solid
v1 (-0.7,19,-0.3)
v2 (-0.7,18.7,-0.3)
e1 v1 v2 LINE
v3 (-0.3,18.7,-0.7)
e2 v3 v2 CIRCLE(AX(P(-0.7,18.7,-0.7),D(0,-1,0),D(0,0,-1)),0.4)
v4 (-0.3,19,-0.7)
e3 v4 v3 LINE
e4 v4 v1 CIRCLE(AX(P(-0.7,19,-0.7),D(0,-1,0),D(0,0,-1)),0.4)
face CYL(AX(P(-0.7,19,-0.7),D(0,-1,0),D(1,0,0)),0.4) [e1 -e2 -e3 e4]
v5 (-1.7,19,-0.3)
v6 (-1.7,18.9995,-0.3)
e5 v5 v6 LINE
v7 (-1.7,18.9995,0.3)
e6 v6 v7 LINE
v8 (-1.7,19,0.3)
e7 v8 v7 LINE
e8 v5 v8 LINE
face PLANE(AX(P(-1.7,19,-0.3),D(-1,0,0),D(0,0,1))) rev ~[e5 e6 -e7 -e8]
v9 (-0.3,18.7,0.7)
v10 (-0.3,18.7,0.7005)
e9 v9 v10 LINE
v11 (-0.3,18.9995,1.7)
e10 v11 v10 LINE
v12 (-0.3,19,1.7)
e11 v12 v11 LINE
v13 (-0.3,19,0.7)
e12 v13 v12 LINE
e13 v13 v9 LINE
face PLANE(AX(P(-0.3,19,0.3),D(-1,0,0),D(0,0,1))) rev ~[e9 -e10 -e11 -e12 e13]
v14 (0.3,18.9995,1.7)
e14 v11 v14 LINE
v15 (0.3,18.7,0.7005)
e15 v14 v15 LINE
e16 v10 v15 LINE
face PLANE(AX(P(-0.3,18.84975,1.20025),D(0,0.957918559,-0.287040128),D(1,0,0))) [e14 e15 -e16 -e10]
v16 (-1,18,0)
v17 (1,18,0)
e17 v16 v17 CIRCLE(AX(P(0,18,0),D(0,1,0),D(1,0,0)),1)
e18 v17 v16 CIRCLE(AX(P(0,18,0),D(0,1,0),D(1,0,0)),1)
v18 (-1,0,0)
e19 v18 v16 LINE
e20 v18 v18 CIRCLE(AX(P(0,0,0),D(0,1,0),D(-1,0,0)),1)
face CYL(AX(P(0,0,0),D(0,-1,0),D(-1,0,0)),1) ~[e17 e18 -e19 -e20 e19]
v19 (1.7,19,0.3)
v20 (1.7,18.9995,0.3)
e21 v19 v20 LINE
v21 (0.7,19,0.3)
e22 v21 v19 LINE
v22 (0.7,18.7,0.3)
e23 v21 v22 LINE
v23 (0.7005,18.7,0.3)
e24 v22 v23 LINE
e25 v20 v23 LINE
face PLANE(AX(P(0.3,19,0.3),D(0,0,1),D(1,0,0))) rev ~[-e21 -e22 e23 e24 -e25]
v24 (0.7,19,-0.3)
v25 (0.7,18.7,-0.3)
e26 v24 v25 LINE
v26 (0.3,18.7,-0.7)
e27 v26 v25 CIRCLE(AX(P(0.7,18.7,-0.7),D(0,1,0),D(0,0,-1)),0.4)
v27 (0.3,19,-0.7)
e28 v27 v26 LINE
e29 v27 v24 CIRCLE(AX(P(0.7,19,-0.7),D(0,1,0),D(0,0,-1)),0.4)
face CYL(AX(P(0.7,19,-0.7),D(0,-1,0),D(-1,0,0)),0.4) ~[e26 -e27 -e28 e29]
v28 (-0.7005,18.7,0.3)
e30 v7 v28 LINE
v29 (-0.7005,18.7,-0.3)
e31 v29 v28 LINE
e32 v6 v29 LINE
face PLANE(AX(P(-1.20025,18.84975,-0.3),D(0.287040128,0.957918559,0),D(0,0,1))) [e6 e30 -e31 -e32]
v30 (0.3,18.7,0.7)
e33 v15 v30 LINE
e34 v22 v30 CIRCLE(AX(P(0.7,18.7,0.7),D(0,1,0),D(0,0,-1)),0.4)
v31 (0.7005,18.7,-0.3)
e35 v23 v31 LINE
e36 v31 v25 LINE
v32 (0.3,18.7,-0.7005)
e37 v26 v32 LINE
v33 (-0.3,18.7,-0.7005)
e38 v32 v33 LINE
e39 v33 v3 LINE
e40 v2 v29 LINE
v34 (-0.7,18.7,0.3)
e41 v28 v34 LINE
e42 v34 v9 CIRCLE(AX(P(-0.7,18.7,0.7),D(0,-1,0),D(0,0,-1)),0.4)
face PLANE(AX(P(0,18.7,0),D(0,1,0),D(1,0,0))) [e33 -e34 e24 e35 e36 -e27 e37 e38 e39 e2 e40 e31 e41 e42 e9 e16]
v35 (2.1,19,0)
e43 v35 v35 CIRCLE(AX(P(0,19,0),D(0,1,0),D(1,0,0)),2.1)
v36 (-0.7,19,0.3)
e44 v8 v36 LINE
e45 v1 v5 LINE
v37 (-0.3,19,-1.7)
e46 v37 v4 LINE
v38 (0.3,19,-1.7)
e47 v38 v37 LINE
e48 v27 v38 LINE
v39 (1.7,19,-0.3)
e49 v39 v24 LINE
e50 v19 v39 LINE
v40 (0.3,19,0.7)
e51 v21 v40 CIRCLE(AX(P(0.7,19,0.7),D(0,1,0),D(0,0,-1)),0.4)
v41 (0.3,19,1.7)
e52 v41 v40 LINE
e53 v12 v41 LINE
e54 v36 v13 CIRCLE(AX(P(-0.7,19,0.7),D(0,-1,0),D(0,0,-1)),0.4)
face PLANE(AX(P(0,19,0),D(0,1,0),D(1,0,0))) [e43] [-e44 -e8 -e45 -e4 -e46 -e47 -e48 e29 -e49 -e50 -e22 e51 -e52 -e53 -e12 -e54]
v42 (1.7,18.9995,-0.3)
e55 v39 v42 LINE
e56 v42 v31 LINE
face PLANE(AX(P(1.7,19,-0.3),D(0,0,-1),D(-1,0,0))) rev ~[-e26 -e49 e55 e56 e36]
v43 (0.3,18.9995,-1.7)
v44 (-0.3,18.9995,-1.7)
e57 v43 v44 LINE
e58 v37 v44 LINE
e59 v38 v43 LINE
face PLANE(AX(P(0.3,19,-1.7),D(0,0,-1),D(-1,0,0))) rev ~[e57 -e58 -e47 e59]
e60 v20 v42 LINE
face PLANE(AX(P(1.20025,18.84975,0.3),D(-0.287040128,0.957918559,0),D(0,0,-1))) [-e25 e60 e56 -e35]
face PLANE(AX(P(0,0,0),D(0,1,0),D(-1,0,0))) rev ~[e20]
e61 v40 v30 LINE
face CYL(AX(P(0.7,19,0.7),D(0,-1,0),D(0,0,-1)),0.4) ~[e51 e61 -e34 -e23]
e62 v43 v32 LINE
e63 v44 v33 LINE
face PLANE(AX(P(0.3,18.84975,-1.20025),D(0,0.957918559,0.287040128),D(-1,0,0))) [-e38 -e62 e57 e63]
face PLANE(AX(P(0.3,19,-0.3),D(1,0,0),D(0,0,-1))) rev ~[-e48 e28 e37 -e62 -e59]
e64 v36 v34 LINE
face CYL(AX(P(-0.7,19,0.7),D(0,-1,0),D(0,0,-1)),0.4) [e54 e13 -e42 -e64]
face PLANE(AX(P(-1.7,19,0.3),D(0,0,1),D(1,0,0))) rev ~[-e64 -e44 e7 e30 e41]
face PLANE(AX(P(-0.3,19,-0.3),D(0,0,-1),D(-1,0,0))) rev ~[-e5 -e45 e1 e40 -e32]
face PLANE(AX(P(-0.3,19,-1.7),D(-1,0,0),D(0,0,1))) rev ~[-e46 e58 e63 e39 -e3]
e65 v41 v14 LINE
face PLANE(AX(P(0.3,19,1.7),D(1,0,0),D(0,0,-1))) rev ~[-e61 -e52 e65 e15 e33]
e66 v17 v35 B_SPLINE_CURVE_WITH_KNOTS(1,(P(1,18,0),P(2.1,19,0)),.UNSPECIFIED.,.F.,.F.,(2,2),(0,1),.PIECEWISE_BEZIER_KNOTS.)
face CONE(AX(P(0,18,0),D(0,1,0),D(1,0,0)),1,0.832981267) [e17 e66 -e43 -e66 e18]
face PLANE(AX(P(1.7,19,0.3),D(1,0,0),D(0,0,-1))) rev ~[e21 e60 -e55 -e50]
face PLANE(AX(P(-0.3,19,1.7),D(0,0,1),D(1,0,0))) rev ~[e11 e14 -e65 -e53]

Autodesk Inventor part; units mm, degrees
ref_plane "YZ Plane" through (0, 0, 0) normal (1, 0, 0) x (0, 1, 0)
ref_plane "XZ Plane" through (0, 0, 0) normal (0, 1, 0) x (-1, 0, 0)
sketch "Sketch1" plane through (0, 0, 0) normal (0, 1, 0) x (-1, 0, 0)
  circle A0 centre (0, 0) radius 1
  dimension "d0" = 2
extrude "Extrusion1" add sketch "Sketch1" along normal blind 19
sketch "Sketch2" plane through (0, 19, 0) normal (0, 1, 0) x (1, 0, 0)
  circle A0 centre (0, 0) radius 2.1
  dimension "d3" = 4.2
ref_plane "Work Plane1" through (0, 18, 0) normal (0, 1, 0) x (1, 0, 0)
sketch "Sketch3" plane through (0, 18, 0) normal (0, 1, 0) x (1, 0, 0)
  circle A0 centre (0, 0) radius 1 projected
loft "Loft1" add profiles "Sketch3", "Sketch2"
sketch "Sketch4" plane through (0, 19, 0) normal (0, 1, 0) x (1, 0, 0)
  line L0 (-1.7, -0.3) -> (1.7, -0.3)
  line L1 (1.7, -0.3) -> (1.7, 0.3)
  line L2 (1.7, 0.3) -> (-1.7, 0.3)
  line L3 (-1.7, 0.3) -> (-1.7, -0.3)
  line L4 (-0.3, -1.7) -> (0.3, -1.7)
  line L5 (0.3, -1.7) -> (0.3, 1.7)
  line L6 (0.3, 1.7) -> (-0.3, 1.7)
  line L7 (-0.3, 1.7) -> (-0.3, -1.7)
  point P0 (0, 0)
  point P1 (-1.7, 0)
  point P2 (0, -1.7)
  point P3 (0, -0.3)
  point P4 (0.3, 0)
  point P5 (-0.3, -0.3)
  point P6 (0.3, -0.3)
  point P7 (0.3, 0.3)
  point P8 (-0.3, 0.3)
  dimension "d9" = 3.4
  dimension "d10" = 3.4
  dimension "d11" = 0.6
  dimension "d12" = 0.6
extrude "Extrusion2" cut sketch "Sketch4" against normal blind 0.3
chamfer "Chamfer1" distance 0.3 distance2 1 1 edges at (1.7, 18.7, 0) measured on face at (1.7, 18.9, 0.1)
chamfer "Chamfer2" distance 0.3 distance2 1 1 edges at (0, 18.7, 1.7) measured on face at (-0.1, 18.9, 1.7)
chamfer "Chamfer3" distance 0.3 distance2 1 1 edges at (-1.7, 18.7, 0) measured on face at (-1.7, 18.9, -0.1)
chamfer "Chamfer4" distance 0.3 distance2 1 1 edges at (0, 18.7, -1.7) measured on face at (0.1, 18.9, -1.7)
fillet "Fillet1" radius 0.4 4 edges at (0.3, 18.85, 0.3) (-0.3, 18.85, 0.3) (0.3, 18.85, -0.3) (-0.3, 18.85, -0.3)
thread "Thread1" size "M2x0.4" class "6g" standard "ANSI Metric M Profile" full length
equation "\"d12\" = d11"
properties part number "m2_18mm" material "Stainless Steel"
